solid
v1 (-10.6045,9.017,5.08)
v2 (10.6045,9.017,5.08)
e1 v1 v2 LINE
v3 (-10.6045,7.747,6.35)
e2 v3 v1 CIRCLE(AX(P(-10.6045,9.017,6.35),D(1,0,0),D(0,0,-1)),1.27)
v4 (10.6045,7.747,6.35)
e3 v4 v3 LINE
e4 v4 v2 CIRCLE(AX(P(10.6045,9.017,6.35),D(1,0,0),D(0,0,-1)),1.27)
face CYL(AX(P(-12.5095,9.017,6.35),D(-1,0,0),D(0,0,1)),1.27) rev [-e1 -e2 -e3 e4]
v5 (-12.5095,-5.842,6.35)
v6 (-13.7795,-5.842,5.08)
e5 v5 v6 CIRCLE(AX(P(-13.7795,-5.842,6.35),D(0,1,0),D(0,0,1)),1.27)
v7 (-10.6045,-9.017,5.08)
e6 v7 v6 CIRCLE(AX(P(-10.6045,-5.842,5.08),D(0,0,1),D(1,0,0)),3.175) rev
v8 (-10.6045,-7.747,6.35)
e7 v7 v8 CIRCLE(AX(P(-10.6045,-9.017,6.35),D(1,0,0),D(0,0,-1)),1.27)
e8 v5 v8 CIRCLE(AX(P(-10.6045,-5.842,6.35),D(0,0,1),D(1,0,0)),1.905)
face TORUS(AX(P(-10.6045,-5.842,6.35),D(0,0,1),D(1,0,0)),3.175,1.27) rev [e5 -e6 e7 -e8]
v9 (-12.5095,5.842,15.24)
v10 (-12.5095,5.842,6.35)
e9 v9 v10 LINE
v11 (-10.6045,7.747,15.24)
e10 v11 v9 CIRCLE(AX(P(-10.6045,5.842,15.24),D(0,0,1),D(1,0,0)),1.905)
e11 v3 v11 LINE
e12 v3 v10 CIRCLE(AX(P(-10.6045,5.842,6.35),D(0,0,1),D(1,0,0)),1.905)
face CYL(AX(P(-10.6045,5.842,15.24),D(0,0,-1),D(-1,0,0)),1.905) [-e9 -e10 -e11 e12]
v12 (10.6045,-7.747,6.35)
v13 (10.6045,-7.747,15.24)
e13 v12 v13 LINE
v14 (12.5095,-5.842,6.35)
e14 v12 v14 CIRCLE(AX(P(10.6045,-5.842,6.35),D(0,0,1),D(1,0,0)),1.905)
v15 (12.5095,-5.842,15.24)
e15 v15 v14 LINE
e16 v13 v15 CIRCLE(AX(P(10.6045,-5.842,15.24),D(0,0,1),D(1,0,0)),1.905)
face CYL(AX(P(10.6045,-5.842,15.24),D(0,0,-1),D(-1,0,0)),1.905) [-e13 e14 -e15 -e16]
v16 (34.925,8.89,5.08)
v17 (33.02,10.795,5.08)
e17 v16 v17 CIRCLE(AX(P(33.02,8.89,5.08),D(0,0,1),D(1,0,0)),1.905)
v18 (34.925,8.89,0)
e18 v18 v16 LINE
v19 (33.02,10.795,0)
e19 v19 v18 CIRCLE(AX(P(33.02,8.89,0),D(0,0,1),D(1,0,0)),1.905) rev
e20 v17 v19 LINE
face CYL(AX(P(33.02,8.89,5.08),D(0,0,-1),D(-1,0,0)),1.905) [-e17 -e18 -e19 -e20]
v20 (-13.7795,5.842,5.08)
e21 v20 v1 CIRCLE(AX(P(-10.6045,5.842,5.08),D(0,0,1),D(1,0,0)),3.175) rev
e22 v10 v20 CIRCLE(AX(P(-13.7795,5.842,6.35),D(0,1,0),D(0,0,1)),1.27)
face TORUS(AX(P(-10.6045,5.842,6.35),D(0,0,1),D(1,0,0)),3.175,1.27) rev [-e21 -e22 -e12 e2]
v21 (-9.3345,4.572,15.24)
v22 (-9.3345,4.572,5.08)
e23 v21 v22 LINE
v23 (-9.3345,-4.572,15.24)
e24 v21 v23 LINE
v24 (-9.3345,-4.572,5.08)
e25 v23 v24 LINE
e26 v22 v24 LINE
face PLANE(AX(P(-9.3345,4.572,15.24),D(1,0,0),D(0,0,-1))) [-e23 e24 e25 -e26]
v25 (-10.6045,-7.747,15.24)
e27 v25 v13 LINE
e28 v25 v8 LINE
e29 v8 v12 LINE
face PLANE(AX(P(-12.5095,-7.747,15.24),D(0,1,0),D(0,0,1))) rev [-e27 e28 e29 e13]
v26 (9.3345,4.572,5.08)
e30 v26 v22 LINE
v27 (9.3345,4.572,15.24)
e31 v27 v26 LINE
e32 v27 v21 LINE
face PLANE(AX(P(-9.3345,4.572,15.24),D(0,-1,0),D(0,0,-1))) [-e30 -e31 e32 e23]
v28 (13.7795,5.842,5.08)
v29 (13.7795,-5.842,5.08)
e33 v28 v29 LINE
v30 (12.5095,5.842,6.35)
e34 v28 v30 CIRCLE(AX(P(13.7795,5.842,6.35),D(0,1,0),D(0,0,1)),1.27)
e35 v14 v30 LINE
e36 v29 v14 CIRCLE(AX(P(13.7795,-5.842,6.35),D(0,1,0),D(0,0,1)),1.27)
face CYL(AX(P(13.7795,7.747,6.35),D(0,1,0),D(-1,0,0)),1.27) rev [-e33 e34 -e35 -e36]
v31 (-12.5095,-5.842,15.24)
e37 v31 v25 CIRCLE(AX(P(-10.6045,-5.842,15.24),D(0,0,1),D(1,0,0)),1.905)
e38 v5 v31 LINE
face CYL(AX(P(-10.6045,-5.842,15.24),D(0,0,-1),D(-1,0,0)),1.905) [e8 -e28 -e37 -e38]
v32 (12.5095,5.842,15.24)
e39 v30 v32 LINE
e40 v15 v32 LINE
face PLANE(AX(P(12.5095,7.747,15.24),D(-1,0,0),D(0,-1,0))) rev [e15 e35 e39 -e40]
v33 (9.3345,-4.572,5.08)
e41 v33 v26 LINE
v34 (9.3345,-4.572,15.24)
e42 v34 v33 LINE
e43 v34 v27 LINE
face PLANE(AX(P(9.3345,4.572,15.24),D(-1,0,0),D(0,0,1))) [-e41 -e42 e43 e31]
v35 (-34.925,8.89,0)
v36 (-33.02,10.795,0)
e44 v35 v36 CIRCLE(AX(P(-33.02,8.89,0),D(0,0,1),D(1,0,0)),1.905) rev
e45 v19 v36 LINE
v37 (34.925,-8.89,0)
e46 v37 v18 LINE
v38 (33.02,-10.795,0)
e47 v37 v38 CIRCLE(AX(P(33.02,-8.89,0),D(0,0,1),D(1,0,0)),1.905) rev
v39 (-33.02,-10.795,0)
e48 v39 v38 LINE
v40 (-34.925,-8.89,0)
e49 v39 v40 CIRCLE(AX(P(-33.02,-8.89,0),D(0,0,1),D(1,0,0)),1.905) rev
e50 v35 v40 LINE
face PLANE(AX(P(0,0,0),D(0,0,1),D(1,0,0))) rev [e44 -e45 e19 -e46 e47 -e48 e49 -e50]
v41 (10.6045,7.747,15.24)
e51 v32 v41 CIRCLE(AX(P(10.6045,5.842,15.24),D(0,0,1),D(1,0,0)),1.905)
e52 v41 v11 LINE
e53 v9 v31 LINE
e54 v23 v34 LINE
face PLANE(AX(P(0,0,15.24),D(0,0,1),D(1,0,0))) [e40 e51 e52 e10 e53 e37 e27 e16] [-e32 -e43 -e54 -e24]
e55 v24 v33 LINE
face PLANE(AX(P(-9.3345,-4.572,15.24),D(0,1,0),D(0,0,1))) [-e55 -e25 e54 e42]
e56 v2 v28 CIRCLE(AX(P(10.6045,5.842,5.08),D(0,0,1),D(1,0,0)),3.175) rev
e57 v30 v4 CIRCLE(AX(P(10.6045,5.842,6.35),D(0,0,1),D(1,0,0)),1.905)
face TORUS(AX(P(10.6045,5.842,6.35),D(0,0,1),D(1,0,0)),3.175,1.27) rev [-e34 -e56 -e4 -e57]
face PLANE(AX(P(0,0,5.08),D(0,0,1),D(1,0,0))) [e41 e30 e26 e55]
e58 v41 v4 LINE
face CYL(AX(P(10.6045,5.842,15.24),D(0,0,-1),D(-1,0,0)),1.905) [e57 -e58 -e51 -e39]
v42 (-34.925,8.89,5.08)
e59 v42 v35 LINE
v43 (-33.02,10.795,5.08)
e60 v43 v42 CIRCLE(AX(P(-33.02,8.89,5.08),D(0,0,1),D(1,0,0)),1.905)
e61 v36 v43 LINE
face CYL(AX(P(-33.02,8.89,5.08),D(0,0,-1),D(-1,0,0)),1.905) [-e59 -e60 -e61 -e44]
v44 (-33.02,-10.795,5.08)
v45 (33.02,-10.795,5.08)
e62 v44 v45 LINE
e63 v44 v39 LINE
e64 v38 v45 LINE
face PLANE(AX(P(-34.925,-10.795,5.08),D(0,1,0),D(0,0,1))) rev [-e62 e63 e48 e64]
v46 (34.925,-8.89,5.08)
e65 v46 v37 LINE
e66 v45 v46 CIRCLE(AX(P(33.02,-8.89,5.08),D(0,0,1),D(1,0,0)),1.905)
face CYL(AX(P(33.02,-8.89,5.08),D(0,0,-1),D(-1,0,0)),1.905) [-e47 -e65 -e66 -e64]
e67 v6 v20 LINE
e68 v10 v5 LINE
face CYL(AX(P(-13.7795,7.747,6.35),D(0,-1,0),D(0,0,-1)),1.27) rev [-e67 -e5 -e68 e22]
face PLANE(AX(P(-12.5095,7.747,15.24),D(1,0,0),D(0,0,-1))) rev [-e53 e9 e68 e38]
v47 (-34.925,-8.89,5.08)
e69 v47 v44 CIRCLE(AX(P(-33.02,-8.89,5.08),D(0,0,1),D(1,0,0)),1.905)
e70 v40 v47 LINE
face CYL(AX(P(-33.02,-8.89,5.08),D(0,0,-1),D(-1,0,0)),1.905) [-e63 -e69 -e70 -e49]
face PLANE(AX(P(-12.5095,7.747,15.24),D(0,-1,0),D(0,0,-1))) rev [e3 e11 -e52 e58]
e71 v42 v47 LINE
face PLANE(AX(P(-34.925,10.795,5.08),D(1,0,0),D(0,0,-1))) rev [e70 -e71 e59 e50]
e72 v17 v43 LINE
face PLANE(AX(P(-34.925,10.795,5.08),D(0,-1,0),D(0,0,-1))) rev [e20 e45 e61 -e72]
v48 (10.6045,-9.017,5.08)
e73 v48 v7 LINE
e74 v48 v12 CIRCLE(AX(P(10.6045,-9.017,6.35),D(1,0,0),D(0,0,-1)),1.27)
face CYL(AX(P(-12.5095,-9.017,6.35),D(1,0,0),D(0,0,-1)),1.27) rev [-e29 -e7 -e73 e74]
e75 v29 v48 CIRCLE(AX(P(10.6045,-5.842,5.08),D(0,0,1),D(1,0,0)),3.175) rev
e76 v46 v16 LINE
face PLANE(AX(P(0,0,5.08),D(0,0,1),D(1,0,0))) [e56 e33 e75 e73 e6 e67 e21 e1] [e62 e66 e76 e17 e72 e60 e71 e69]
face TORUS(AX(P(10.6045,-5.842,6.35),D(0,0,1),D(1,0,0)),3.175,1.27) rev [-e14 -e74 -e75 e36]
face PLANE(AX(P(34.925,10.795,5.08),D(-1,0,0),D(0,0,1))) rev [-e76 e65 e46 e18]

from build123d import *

# Parameters (mm, degrees)
SKETCH1_W           = 69.85
SKETCH1_H           = 21.59
BOSS_EXTRUDE1_DEPTH = 5.08
SKETCH2_W           = 25.019
SKETCH2_H           = 15.494
SKETCH2_W_2         = 18.669
SKETCH2_H_2         = 9.144
BOSS_EXTRUDE2_DEPTH = 10.16
FILLET2_R           = 1.905
FILLET3_R           = 1.27


with BuildPart() as part:
    # Sketch1 → Boss-Extrude1 (new body)
    with BuildSketch(Plane.XY):
        Rectangle(SKETCH1_W, SKETCH1_H)
    extrude(amount=BOSS_EXTRUDE1_DEPTH)

    # Sketch2 → Boss-Extrude2 (add)
    with BuildSketch(Plane.XY.offset(5.08)):
        Rectangle(SKETCH2_W, SKETCH2_H)
        Rectangle(SKETCH2_W_2, SKETCH2_H_2, mode=Mode.SUBTRACT)
    extrude(amount=BOSS_EXTRUDE2_DEPTH)

    # Fillet2
    fillet2_edges = [part.edges().sort_by_distance(p)[0] for p in [
        (12.5095, -7.747, 10.16),
        (12.5095, 7.747, 10.16),
        (-12.5095, 7.747, 10.16),
        (-12.5095, -7.747, 10.16),
        (34.925, -10.795, 2.54),
        (-34.925, -10.795, 2.54),
        (-34.925, 10.795, 2.54),
        (34.925, 10.795, 2.54),
    ]]
    fillet(fillet2_edges, radius=FILLET2_R)

    # Fillet3
    fillet3_edges = [part.edges().sort_by_distance(p)[0] for p in [
        (-12.5095, 0, 5.08),
        (0, 7.747, 5.08),
        (12.5095, 0, 5.08),
        (0, -7.747, 5.08),
        (-11.951538418, 7.189038418, 5.08),
        (11.951538418, 7.189038418, 5.08),
        (11.951538418, -7.189038418, 5.08),
        (-11.951538418, -7.189038418, 5.08),
    ]]
    fillet(fillet3_edges, radius=FILLET3_R)


solid = part.part
